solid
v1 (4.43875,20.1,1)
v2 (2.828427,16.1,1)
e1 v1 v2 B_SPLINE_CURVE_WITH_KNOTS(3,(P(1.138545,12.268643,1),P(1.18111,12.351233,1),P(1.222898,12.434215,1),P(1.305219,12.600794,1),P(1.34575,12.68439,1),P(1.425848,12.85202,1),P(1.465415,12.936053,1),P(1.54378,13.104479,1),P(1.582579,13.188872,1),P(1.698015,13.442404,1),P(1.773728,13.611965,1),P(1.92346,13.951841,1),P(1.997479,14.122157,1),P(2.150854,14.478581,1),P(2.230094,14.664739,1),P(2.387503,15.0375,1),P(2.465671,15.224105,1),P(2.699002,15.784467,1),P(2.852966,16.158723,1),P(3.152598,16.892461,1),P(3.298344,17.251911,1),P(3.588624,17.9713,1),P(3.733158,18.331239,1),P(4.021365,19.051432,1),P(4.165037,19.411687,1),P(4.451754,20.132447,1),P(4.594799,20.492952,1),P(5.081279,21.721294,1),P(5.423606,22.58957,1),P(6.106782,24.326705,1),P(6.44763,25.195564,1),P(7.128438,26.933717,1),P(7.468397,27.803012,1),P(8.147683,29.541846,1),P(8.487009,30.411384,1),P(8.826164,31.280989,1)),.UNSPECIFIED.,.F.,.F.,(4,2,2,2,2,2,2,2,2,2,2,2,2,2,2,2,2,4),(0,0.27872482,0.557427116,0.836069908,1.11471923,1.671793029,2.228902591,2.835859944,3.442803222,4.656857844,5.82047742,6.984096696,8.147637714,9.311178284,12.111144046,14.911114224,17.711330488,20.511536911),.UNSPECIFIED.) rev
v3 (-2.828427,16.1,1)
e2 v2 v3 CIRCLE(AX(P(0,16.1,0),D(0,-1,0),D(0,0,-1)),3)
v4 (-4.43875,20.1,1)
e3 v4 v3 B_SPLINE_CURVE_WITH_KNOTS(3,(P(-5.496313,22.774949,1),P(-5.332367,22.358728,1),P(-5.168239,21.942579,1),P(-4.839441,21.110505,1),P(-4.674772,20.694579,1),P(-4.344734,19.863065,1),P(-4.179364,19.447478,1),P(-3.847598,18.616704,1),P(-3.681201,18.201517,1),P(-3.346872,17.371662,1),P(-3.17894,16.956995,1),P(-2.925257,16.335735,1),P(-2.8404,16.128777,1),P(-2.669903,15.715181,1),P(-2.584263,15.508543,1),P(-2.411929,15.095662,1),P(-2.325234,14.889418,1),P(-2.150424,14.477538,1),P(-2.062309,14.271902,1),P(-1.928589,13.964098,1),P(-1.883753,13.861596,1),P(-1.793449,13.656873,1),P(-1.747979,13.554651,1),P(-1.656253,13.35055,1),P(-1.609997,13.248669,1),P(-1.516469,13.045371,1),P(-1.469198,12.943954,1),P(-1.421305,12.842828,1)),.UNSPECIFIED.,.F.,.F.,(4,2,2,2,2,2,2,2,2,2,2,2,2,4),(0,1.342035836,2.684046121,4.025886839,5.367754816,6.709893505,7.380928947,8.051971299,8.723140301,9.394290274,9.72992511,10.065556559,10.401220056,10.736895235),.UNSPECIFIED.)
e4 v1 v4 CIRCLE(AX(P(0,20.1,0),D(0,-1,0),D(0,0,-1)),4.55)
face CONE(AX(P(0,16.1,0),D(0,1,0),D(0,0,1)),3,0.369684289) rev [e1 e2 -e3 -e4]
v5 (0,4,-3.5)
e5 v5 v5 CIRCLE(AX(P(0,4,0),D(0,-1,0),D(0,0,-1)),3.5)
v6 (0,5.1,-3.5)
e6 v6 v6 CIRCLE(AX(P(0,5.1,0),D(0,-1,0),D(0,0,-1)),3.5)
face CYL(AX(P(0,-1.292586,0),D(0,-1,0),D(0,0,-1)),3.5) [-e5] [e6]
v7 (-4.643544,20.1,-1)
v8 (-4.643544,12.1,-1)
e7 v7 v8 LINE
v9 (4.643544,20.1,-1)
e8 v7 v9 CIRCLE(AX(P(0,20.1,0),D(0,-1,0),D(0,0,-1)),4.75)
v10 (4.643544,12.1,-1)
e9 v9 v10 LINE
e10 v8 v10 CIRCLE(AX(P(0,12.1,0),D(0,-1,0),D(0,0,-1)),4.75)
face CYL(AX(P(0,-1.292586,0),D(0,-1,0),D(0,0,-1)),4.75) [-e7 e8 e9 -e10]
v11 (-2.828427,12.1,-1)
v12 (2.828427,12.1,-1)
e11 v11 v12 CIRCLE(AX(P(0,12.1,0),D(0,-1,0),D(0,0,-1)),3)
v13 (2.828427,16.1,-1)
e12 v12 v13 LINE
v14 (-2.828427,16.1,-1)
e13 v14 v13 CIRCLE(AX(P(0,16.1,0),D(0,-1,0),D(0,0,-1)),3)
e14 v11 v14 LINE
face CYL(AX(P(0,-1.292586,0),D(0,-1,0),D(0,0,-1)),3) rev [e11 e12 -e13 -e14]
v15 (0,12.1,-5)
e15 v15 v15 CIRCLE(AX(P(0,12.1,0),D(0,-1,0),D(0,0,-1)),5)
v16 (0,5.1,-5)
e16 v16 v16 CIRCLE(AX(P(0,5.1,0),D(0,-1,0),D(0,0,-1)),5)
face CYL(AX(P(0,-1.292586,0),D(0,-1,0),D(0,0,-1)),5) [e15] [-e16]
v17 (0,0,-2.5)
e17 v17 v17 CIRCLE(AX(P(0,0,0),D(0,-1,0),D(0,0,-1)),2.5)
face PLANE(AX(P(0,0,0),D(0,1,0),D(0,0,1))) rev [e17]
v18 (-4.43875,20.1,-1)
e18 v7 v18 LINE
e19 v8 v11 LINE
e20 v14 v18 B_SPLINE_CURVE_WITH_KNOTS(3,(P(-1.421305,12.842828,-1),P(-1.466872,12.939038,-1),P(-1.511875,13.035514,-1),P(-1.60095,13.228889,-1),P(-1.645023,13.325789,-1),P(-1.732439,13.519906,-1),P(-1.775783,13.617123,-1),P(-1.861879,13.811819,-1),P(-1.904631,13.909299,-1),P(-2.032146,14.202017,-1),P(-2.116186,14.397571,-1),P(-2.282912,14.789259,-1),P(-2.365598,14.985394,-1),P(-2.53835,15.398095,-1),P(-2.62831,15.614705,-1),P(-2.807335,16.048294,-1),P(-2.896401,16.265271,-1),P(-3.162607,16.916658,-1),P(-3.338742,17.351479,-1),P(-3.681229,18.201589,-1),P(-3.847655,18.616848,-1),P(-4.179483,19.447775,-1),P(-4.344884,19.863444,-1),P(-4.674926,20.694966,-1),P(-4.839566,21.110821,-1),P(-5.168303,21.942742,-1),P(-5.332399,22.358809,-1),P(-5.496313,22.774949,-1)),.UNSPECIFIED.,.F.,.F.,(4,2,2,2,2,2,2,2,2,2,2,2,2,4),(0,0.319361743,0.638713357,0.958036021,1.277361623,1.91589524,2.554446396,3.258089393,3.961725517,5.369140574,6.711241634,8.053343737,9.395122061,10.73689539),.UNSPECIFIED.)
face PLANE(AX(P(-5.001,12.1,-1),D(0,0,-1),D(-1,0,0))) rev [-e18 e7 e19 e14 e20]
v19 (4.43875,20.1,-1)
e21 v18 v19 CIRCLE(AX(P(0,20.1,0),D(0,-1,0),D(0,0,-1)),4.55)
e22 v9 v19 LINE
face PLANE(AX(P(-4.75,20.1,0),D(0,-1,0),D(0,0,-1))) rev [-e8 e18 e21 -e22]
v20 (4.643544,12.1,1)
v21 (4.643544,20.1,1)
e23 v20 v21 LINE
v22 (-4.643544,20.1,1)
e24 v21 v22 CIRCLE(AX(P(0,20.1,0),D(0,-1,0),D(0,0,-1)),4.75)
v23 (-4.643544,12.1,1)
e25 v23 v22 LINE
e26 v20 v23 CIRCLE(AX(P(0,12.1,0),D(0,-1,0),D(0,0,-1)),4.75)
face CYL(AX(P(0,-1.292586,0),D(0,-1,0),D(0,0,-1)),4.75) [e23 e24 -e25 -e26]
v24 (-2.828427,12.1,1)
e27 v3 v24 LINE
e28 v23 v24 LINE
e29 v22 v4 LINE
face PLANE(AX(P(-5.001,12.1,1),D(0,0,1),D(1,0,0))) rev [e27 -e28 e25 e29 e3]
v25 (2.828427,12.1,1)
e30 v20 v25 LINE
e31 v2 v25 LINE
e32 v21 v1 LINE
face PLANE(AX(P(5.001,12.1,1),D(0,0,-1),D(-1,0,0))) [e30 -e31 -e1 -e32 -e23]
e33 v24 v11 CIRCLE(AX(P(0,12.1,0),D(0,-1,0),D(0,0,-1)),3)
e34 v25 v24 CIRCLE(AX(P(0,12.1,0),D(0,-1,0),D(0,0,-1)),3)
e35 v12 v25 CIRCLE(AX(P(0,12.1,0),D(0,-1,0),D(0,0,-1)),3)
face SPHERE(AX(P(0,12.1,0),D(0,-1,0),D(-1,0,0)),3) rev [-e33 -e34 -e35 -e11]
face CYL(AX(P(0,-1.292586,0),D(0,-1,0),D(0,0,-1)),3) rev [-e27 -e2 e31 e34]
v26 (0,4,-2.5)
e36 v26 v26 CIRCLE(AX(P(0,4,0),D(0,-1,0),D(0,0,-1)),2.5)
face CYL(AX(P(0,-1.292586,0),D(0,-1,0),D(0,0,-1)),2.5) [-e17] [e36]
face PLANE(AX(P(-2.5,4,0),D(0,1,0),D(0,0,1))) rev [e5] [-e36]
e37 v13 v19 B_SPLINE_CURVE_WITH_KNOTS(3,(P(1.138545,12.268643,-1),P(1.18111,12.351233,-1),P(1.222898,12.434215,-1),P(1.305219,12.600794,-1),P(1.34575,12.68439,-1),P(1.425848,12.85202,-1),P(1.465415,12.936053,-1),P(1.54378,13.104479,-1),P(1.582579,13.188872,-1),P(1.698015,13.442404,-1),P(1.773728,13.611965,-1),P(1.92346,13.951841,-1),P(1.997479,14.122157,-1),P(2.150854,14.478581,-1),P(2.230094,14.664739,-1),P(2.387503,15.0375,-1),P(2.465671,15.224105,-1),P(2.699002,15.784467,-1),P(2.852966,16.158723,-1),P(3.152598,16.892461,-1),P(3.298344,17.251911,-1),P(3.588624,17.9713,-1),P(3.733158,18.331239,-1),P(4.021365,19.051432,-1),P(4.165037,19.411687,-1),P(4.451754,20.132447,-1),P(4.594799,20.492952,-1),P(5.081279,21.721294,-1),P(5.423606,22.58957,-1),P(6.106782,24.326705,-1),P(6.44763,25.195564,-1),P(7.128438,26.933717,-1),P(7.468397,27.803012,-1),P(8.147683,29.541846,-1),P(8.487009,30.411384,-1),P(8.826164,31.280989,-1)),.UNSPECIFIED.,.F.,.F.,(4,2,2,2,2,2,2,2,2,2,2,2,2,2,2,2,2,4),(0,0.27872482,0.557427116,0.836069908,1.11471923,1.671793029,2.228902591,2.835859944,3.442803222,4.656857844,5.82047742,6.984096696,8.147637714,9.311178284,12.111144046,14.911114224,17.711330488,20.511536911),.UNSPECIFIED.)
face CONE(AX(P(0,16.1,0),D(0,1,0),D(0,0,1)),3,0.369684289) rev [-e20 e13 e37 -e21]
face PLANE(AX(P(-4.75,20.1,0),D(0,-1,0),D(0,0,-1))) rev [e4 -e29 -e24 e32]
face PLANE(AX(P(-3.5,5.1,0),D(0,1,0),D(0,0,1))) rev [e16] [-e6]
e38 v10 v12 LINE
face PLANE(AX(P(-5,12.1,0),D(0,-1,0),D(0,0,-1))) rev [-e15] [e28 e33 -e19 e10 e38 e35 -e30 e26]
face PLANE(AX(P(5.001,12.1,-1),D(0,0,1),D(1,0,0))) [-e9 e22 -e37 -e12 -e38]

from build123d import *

# Parameters (mm, degrees)
ENL_V_MAT_EXTRU_1_REACH             = 23.308
ESQUISSE2_W                         = 2
ESQUISSE2_H                         = 8
ENL_V_MAT_EXTRU_1_DIRECTION_2_REACH = 23.308


with BuildPart() as part:
    # Esquisse1 → Révolution1 (revolve)
    with BuildSketch(Plane.XY, mode=Mode.PRIVATE) as r_volution1_sk:
        with BuildLine():
            Line((0, 0), (-2.5, 0))
            Line((-2.5, 0), (-2.5, 4))
            Line((-2.5, 4), (-3.5, 4))
            Line((-3.5, 4), (-3.5, 5.1))
            Line((-3.5, 5.1), (-5, 5.1))
            Line((-5, 5.1), (-5, 12.1))
            Line((-5, 12.1), (-4.75, 12.1))
            Line((-4.75, 12.1), (-4.75, 20.1))
            Line((-4.75, 20.1), (-4.55, 20.1))
            Line((-4.55, 20.1), (-3, 16.1))
            Line((-3, 16.1), (-3, 12.1))
            ThreePointArc((-3, 12.1), (-2.121320344, 9.978679656), (0, 9.1))
            Line((0, 9.1), (0, 0))
        make_face()
    revolve(r_volution1_sk.sketch.rotate(Axis((0, -1.292585524, 0), (0, 1, 0)), 270), axis=Axis((0, -1.292585524, 0), (0, 1, 0)))

    # Esquisse2 → Enlèv. mat.-Extru.1 (cut, up to next)
    with BuildSketch(Plane(origin=(0, 0, 0), x_dir=(0, 0, -1), z_dir=(1, 0, 0)), mode=Mode.PRIVATE) as enl_v_mat_extru_1_sk1:
        with Locations((0, 16.1)):
            Rectangle(ESQUISSE2_W, ESQUISSE2_H)
    enl_v_mat_extru_1_tool1 = extrude(enl_v_mat_extru_1_sk1.sketch, amount=-ENL_V_MAT_EXTRU_1_REACH, mode=Mode.PRIVATE) & part.part
    add(enl_v_mat_extru_1_tool1.solids().sort_by_distance((0, 16.1, 0))[0], mode=Mode.SUBTRACT)

    # Esquisse2 → Enlèv. mat.-Extru.1 direction 2 (cut, up to next)
    with BuildSketch(Plane(origin=(0, 0, 0), x_dir=(0, 0, -1), z_dir=(1, 0, 0)), mode=Mode.PRIVATE) as enl_v_mat_extru_1_direction_2_sk1:
        with Locations((0, 16.1)):
            Rectangle(ESQUISSE2_W, ESQUISSE2_H)
    enl_v_mat_extru_1_direction_2_tool1 = extrude(enl_v_mat_extru_1_direction_2_sk1.sketch, amount=ENL_V_MAT_EXTRU_1_DIRECTION_2_REACH, mode=Mode.PRIVATE) & part.part
    add(enl_v_mat_extru_1_direction_2_tool1.solids().sort_by_distance((0, 16.1, 0))[0], mode=Mode.SUBTRACT)


solid = part.part
